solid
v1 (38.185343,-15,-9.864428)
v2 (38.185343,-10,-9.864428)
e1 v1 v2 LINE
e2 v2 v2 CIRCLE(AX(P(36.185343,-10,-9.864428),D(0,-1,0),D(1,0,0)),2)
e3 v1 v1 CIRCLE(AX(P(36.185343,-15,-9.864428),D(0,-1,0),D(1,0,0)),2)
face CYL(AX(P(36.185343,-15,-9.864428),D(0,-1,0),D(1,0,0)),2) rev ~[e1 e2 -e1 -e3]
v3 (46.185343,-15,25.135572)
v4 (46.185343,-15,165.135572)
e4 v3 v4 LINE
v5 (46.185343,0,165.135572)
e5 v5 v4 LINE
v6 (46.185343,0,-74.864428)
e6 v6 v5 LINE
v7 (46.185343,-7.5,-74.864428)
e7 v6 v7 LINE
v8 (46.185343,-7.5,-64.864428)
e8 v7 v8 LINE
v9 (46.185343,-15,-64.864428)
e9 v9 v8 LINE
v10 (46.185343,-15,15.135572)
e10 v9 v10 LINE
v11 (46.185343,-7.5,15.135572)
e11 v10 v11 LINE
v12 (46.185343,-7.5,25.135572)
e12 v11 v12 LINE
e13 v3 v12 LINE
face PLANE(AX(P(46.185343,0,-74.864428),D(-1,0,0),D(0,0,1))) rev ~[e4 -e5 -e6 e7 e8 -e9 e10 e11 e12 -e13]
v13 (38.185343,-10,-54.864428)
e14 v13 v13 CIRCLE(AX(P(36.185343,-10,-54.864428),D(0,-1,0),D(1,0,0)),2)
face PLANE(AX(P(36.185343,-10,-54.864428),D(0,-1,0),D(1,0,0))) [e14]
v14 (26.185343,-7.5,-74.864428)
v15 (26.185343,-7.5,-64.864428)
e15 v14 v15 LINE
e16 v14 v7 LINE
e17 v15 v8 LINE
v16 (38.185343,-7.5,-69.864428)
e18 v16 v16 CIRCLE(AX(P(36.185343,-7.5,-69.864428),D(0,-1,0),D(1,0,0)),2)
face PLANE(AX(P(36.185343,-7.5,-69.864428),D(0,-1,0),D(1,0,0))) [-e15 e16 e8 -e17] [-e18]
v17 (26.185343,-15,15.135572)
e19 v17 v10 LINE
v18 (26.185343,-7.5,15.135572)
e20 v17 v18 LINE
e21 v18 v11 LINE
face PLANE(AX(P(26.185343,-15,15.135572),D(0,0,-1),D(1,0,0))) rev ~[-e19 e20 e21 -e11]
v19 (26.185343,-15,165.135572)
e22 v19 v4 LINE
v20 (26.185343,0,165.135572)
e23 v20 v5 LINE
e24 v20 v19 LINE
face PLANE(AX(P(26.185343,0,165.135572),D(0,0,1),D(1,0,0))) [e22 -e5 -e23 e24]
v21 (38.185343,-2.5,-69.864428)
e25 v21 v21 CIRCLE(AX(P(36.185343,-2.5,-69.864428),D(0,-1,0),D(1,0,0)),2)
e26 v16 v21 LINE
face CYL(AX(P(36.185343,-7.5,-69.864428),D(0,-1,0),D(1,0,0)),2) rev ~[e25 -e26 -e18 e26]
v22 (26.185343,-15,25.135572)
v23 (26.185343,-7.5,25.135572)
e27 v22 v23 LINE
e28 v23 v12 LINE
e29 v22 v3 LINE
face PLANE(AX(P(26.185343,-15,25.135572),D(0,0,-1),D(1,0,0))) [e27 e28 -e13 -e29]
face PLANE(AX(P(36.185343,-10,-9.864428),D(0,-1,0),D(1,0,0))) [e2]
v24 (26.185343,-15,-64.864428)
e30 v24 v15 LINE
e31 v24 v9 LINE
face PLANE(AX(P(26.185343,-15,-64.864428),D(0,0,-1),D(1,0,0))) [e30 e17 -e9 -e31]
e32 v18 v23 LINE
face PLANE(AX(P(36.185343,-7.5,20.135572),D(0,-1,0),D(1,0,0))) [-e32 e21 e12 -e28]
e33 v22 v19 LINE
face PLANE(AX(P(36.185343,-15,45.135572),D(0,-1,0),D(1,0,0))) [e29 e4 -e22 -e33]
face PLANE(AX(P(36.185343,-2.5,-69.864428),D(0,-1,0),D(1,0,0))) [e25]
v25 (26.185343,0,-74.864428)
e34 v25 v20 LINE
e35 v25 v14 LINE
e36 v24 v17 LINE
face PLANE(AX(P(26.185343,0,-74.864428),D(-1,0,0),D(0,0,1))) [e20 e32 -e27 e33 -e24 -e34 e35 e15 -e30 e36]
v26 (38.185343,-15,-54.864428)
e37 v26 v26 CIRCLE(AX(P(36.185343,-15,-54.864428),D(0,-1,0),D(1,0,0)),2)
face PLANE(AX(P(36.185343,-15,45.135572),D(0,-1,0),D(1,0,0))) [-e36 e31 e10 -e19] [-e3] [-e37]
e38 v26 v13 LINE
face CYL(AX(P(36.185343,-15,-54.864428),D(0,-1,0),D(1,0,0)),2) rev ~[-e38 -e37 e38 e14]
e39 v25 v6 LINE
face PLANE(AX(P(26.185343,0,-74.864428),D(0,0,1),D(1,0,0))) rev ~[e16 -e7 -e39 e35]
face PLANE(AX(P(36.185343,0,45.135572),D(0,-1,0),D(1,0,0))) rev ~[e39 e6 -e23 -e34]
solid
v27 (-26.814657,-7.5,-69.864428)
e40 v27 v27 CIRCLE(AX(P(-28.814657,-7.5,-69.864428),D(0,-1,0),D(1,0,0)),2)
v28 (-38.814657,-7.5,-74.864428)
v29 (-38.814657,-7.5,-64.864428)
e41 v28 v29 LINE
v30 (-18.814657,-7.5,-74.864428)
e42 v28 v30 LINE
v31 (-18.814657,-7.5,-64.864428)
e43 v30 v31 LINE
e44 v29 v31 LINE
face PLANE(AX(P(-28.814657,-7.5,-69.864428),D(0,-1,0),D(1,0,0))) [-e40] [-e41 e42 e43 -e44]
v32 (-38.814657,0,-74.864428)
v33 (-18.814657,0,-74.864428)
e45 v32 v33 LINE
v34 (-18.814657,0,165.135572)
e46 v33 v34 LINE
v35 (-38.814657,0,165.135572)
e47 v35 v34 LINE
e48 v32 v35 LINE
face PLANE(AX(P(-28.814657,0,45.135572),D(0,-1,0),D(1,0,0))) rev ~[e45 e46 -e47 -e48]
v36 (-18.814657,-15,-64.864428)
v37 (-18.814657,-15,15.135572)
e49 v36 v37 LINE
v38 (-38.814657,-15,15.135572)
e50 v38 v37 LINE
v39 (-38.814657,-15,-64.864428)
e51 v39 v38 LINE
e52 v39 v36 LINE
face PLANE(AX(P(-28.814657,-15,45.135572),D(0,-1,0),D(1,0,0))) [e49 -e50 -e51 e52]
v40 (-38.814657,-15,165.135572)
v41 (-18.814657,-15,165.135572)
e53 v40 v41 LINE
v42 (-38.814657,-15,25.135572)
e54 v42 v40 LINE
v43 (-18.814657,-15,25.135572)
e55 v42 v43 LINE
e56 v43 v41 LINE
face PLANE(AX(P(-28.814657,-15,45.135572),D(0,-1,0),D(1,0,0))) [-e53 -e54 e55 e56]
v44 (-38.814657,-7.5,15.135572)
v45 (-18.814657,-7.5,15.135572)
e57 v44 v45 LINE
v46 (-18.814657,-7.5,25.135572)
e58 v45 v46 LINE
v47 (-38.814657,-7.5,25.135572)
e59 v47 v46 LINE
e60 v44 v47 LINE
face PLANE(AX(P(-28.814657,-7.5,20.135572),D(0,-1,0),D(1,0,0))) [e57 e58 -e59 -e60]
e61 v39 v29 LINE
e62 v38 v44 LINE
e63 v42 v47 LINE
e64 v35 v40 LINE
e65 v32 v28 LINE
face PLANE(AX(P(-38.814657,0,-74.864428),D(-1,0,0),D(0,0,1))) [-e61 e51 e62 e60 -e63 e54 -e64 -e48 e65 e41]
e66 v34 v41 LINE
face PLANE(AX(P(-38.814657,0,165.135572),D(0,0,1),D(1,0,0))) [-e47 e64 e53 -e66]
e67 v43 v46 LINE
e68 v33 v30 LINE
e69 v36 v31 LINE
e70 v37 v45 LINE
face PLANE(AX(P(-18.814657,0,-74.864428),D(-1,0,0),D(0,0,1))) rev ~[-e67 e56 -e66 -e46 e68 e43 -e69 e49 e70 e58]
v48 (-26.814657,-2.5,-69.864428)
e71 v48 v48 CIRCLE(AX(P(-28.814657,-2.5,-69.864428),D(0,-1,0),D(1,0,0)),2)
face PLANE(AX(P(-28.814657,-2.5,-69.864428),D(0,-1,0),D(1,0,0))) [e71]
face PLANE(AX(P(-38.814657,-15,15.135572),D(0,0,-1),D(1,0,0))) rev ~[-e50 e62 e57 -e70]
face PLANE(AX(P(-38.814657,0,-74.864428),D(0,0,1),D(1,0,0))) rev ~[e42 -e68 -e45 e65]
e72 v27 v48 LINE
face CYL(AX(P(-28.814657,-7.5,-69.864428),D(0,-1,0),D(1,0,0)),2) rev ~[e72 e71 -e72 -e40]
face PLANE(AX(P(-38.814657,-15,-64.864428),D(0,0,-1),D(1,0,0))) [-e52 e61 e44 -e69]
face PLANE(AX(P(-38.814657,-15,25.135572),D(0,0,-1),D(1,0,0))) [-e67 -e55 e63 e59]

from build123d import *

# Parameters (mm, degrees)
F0_W     = 20
F0_H     = 240
F1_DEPTH = 15
F2_W     = 20
F2_H     = 10
F3_DEPTH = 7.5
F4_R     = 2
F5_DEPTH = 5
F7_R     = 2
F8_DEPTH = 5


with BuildPart() as f1:
    # F0 (on Front) → F1 (new body)
    with BuildSketch(Plane.XZ):
        with Locations((-28.814657, 45.135572)):
            Rectangle(F0_W, F0_H)
    extrude(amount=F1_DEPTH)

    # F2 (on face) → F3 (cut)
    with BuildSketch(Plane.XZ.offset(15)):
        with Locations((-28.814657, -69.864428)):
            Rectangle(F2_W, F2_H)
        with Locations((-28.814657, 20.135572)):
            Rectangle(F2_W, F2_H)
    extrude(amount=-F3_DEPTH, mode=Mode.SUBTRACT)

    # F4 (on face) → F5 (cut)
    with BuildSketch(Plane.XZ.offset(7.5)):
        with Locations((-28.814657, -69.864428)):
            Circle(F4_R)
    extrude(amount=-F5_DEPTH, mode=Mode.SUBTRACT)


with BuildPart() as f6_1:
    # F6: copy of F1
    add(f1.part.moved(Location((65, 0, 0))))

    # F7 (on face) → F8 (cut)
    with BuildSketch(Plane.XZ.offset(15)):
        with Locations((36.185343, -9.864428)):
            Circle(F7_R)
        with Locations((36.185343, -54.864428)):
            Circle(F7_R)
    extrude(amount=-F8_DEPTH, mode=Mode.SUBTRACT)


solid = Compound([f1.part, f6_1.part])
